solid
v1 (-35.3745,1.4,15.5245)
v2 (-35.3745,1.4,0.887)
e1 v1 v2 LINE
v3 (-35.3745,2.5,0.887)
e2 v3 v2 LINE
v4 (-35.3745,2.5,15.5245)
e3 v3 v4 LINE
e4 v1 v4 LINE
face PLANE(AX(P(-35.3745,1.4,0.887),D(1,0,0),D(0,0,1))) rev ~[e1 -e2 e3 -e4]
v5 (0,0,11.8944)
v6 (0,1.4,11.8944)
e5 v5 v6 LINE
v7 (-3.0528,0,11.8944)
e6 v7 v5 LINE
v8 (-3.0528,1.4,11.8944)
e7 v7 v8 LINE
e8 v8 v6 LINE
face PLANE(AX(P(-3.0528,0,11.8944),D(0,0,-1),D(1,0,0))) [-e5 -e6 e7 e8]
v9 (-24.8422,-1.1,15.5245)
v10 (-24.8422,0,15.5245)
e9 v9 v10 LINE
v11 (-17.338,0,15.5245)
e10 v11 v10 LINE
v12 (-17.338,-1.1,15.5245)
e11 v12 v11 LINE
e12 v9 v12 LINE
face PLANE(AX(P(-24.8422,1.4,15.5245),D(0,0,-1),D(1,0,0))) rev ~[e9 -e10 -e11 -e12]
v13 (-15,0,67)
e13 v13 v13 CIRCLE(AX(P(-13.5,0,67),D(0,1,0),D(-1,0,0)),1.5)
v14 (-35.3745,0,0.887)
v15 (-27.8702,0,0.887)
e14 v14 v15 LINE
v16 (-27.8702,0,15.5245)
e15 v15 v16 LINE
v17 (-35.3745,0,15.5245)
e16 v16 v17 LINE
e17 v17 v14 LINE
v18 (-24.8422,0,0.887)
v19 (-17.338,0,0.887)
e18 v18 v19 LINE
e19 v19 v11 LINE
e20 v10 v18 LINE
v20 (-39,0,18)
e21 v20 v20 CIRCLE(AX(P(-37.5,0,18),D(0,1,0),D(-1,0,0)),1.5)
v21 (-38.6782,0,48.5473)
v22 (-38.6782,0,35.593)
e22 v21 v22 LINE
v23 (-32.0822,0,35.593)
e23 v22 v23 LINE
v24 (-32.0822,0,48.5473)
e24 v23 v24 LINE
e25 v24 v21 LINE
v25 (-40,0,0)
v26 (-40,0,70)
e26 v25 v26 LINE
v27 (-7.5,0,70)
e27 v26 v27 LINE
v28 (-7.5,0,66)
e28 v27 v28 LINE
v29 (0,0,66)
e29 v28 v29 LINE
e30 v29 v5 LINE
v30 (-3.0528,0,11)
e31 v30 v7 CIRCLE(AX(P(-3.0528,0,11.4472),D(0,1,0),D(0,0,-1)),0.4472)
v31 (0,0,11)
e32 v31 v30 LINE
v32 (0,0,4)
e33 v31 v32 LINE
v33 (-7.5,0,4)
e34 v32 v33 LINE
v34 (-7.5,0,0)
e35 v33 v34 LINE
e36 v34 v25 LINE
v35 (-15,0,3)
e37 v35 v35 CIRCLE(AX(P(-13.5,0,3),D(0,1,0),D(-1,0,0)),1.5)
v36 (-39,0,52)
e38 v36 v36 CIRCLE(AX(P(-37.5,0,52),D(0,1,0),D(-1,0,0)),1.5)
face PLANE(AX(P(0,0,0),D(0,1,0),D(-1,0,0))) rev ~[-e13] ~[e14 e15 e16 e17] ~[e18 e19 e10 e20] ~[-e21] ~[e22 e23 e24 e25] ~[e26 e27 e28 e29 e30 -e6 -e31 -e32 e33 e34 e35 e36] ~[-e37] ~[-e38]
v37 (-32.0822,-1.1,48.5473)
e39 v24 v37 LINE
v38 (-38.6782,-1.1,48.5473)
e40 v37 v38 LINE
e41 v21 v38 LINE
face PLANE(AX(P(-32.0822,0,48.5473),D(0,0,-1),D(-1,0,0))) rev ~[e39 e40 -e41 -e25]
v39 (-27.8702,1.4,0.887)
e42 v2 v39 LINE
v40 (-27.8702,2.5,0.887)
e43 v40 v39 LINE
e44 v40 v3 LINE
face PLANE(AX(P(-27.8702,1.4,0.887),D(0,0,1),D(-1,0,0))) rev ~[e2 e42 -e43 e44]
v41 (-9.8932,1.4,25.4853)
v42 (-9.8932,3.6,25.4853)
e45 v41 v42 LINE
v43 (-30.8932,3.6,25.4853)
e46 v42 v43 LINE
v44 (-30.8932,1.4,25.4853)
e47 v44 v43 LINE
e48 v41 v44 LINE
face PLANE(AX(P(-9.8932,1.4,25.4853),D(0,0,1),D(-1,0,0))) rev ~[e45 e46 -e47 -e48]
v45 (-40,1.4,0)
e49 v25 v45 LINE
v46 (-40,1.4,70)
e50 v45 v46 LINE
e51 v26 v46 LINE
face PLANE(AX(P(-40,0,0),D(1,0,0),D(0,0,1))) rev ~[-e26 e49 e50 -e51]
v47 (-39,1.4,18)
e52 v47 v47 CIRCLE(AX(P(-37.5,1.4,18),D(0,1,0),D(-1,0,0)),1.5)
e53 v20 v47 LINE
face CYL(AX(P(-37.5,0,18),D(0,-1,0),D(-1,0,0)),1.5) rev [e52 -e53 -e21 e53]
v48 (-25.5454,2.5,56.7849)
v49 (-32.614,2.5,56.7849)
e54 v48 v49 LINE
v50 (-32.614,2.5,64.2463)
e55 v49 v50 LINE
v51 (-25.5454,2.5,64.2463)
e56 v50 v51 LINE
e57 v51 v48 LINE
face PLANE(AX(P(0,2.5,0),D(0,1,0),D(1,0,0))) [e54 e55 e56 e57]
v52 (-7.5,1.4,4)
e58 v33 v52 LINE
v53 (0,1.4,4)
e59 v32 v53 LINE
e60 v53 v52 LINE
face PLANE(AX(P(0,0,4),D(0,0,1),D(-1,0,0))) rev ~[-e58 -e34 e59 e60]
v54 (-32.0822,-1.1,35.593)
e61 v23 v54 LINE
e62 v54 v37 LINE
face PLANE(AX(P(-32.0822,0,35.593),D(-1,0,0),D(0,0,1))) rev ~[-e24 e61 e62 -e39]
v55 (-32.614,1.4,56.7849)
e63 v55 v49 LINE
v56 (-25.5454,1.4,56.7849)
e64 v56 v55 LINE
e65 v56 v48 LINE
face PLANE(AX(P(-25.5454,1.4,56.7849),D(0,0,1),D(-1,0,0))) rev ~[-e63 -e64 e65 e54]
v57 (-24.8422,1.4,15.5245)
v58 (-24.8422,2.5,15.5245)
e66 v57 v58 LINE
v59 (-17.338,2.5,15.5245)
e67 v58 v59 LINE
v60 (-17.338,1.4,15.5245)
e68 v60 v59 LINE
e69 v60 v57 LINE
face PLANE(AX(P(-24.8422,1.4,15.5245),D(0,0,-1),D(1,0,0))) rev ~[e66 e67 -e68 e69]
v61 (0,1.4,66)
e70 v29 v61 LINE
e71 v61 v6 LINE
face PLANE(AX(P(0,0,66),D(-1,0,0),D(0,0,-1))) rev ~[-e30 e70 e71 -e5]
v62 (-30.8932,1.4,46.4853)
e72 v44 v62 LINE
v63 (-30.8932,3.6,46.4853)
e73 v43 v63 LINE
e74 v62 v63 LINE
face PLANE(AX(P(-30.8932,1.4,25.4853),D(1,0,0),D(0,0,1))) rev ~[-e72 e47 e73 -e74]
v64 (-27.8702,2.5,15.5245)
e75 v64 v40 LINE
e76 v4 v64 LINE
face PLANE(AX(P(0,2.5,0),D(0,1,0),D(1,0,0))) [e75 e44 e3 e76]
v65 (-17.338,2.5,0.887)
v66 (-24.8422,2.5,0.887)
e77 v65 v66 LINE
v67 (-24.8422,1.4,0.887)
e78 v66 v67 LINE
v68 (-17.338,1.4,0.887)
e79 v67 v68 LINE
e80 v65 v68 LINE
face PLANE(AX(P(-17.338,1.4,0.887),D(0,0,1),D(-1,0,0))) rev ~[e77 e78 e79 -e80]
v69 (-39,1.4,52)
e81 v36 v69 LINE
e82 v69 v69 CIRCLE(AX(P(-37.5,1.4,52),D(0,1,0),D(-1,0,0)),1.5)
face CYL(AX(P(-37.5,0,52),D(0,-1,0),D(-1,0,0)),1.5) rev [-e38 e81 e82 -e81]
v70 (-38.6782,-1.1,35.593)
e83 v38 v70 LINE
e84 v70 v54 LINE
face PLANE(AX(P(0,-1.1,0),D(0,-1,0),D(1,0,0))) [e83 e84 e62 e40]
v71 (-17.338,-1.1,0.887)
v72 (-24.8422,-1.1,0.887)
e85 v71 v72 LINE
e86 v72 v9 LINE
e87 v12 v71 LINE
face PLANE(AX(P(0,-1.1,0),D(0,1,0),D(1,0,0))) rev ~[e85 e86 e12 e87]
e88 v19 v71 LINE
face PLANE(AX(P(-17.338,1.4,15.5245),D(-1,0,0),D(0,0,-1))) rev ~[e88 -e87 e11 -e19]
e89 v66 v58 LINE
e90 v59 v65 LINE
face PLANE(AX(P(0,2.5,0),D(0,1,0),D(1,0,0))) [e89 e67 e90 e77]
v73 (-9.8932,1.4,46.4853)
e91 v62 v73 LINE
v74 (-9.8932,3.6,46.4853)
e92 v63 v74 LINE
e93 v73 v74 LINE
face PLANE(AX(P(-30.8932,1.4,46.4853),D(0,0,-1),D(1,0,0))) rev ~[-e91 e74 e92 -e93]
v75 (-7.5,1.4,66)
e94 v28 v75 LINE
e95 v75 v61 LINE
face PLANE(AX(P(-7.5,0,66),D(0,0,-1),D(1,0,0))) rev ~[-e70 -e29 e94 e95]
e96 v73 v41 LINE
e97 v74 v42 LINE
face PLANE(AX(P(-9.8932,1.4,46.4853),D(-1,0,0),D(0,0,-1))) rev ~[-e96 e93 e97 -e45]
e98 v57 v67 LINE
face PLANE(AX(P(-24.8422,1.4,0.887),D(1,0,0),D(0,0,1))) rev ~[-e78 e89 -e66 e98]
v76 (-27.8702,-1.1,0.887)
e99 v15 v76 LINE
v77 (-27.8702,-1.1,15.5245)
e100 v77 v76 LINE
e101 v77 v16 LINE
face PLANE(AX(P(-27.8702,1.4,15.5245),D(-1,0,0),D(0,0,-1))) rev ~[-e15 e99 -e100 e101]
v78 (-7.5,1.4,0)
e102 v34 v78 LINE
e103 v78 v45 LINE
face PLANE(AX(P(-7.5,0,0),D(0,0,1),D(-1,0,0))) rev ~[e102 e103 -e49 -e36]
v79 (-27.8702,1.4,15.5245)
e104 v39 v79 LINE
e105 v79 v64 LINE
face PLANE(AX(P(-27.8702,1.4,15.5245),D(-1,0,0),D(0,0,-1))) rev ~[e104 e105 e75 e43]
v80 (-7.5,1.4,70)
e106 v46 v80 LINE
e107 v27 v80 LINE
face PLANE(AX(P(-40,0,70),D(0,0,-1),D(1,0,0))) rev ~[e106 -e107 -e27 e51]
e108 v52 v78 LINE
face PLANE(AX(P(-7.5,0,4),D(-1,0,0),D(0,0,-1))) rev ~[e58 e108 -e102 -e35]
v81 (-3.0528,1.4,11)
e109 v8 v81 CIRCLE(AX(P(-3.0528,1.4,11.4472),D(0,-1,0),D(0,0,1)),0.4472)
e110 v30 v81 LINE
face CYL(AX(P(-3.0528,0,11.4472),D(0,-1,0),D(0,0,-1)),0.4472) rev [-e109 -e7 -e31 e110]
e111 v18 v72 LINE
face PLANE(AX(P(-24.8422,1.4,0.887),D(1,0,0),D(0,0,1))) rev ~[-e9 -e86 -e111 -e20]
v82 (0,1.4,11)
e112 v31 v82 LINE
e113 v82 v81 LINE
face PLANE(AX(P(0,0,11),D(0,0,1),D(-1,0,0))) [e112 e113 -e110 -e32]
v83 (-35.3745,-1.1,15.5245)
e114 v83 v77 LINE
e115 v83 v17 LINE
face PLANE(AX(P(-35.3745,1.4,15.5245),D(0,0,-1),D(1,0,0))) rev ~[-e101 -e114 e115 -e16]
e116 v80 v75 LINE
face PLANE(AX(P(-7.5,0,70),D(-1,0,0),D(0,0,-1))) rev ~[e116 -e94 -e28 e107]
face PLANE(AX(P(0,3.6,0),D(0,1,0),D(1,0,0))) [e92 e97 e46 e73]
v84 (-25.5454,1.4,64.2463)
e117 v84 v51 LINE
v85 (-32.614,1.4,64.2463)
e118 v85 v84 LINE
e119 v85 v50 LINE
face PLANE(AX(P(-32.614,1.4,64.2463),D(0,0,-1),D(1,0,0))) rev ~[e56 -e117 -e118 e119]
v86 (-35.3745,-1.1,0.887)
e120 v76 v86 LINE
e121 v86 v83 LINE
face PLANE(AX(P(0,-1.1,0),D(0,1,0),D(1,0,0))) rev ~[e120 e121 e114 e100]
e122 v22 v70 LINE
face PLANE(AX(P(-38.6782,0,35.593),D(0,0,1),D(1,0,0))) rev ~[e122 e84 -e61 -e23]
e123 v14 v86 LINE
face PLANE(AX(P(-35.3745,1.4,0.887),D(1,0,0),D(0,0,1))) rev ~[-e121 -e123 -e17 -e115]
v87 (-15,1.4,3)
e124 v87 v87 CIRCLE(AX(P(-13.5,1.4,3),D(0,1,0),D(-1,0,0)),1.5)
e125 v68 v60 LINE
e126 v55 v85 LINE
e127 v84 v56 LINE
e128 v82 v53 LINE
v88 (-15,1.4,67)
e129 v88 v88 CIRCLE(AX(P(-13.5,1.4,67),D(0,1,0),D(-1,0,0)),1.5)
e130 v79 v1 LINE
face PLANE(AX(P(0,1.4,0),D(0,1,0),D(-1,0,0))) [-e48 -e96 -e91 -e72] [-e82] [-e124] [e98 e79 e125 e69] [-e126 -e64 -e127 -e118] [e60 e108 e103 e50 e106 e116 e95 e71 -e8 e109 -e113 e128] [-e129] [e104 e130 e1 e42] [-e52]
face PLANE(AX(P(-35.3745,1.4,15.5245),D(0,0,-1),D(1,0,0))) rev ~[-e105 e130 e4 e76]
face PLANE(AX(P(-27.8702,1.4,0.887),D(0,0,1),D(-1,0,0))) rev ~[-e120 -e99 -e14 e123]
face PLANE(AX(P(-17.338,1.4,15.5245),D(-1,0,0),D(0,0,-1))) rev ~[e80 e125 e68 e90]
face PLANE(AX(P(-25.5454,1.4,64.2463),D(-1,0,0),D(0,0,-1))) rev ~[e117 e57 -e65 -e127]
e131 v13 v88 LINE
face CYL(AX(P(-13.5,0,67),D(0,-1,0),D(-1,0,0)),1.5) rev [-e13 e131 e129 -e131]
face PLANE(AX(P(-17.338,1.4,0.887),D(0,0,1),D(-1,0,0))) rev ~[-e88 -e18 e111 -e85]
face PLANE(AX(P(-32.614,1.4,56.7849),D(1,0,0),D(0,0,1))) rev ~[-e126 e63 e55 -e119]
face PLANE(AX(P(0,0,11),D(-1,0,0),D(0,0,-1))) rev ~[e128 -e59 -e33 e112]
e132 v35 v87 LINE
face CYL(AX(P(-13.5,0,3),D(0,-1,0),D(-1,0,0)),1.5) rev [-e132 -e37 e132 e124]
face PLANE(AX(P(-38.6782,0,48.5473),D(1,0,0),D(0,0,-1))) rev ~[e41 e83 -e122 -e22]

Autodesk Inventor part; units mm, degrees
ref_plane "YZ Plane" through (0, 0, 0) normal (1, 0, 0) x (0, 1, 0)
ref_plane "XZ Plane" through (0, 0, 0) normal (0, 1, 0) x (-1, 0, 0)
ref_plane "XY Plane" through (0, 0, 0) normal (0, 0, 1) x (1, 0, 0)
sketch "Sketch1" plane through (0, 0, 0) normal (0, 1, 0) x (-1, 0, 0)
  line L0 (40, 70) -> (0, 70)
  line L1 (0, 70) -> (0, 0)
  line L2 (0, 0) -> (40, 0)
  line L3 (40, 0) -> (40, 70)
  line L4 (0, 4) -> (7.5, 4)
  line L5 (7.5, 4) -> (7.5, 0)
  line L6 (7.5, 0) -> (0, 0)
  line L7 (0, 0) -> (0, 4)
  line L8 (0, 70) -> (7.5, 70)
  line L9 (7.5, 70) -> (7.5, 66)
  line L10 (7.5, 66) -> (0, 66)
  line L11 (0, 66) -> (0, 70)
  line L12 (0, 11) -> (3.0528, 11)
  line L13 (3.5, 11.4472) -> (3.5, 11.8944)
  line L14 (3.0528, 11.8944) -> (0, 11.8944)
  line L15 (0, 11.8944) -> (0, 11)
  arc A0 (3.0528, 11) -> (3.0528, 11.8944) centre (3.0528, 11.4472) ccw
  circle A1 centre (13.5, 3) radius 1.5
  circle A2 centre (13.5, 67) radius 1.5
  circle A3 centre (37.5, 52) radius 1.5
  circle A4 centre (37.5, 18) radius 1.5
  dimension "d0" = 70
  dimension "d1" = 40
  dimension "d2" = 0
  dimension "d3" = 0
  dimension "d4" = 7.5
  dimension "d5" = 7.5
  dimension "d6" = 4
  dimension "d7" = 4
  dimension "d8" = 1
  dimension "d9" = 11
  dimension "d10" = 3.5
  dimension "d13" = 3
  dimension "d14" = 3
  dimension "d15" = 3
  dimension "d16" = 3
  dimension "d17" = 13.5
  dimension "d18" = 13.5
  dimension "d19" = 3
  dimension "d20" = 3
  dimension "d21" = 2.5
  dimension "d22" = 2.5
  dimension "d23" = 18
  dimension "d24" = 18
extrude "Extrusion1" add sketch "Sketch1" along normal blind 1.4 contours L3 L2 L5 L4 L1 L12 A0 L14 L10 L9 L0
sketch "Sketch2" plane through (0, 1.4, 0) normal (0, 1, 0) x (1, 0, 0)
  line L0 (-30.8932, -46.4853) -> (-9.8932, -46.4853)
  line L1 (-9.8932, -46.4853) -> (-9.8932, -25.4853)
  line L2 (-9.8932, -25.4853) -> (-30.8932, -25.4853)
  line L3 (-30.8932, -25.4853) -> (-30.8932, -46.4853)
  point P0 (0, 0)
  dimension "d25" = 21
  dimension "d26" = 21
extrude "Extrusion2" add sketch "Sketch2" along normal blind 2.2
sketch "Sketch3" plane through (0, 1.4, 0) normal (0, 1, 0) x (1, 0, 0)
  line L0 (-35.3745, -15.5245) -> (-27.8702, -15.5245)
  line L1 (-27.8702, -15.5245) -> (-27.8702, -0.887)
  line L2 (-27.8702, -0.887) -> (-35.3745, -0.887)
  line L3 (-35.3745, -0.887) -> (-35.3745, -15.5245)
  line L4 (-24.8422, -15.5245) -> (-17.338, -15.5245)
  line L5 (-17.338, -15.5245) -> (-17.338, -0.887)
  line L6 (-17.338, -0.887) -> (-24.8422, -0.887)
  line L7 (-24.8422, -0.887) -> (-24.8422, -15.5245)
  point P0 (0, 0)
extrude "Extrusion3" add sketch "Sketch3" along normal blind 1.1 and the other way blind 2.5
sketch "Sketch4" plane through (0, 1.4, 0) normal (0, 1, 0) x (1, 0, 0)
  line L0 (-32.614, -64.2463) -> (-25.5454, -64.2463)
  line L1 (-25.5454, -64.2463) -> (-25.5454, -56.7849)
  line L2 (-25.5454, -56.7849) -> (-32.614, -56.7849)
  line L3 (-32.614, -56.7849) -> (-32.614, -64.2463)
  point P0 (0, 0)
extrude "Extrusion4" add sketch "Sketch4" along normal blind 1.1
sketch "Sketch5" plane through (0, 0, 0) normal (0, -1, 0) x (1, 0, 0)
  line L0 (-38.6782, 35.593) -> (-32.0822, 35.593)
  line L1 (-32.0822, 35.593) -> (-32.0822, 48.5473)
  line L2 (-32.0822, 48.5473) -> (-38.6782, 48.5473)
  line L3 (-38.6782, 48.5473) -> (-38.6782, 35.593)
  point P0 (0, 0)
extrude "Extrusion5" add sketch "Sketch5" along normal blind 1.1
properties part number "μQ7-962_Module"
